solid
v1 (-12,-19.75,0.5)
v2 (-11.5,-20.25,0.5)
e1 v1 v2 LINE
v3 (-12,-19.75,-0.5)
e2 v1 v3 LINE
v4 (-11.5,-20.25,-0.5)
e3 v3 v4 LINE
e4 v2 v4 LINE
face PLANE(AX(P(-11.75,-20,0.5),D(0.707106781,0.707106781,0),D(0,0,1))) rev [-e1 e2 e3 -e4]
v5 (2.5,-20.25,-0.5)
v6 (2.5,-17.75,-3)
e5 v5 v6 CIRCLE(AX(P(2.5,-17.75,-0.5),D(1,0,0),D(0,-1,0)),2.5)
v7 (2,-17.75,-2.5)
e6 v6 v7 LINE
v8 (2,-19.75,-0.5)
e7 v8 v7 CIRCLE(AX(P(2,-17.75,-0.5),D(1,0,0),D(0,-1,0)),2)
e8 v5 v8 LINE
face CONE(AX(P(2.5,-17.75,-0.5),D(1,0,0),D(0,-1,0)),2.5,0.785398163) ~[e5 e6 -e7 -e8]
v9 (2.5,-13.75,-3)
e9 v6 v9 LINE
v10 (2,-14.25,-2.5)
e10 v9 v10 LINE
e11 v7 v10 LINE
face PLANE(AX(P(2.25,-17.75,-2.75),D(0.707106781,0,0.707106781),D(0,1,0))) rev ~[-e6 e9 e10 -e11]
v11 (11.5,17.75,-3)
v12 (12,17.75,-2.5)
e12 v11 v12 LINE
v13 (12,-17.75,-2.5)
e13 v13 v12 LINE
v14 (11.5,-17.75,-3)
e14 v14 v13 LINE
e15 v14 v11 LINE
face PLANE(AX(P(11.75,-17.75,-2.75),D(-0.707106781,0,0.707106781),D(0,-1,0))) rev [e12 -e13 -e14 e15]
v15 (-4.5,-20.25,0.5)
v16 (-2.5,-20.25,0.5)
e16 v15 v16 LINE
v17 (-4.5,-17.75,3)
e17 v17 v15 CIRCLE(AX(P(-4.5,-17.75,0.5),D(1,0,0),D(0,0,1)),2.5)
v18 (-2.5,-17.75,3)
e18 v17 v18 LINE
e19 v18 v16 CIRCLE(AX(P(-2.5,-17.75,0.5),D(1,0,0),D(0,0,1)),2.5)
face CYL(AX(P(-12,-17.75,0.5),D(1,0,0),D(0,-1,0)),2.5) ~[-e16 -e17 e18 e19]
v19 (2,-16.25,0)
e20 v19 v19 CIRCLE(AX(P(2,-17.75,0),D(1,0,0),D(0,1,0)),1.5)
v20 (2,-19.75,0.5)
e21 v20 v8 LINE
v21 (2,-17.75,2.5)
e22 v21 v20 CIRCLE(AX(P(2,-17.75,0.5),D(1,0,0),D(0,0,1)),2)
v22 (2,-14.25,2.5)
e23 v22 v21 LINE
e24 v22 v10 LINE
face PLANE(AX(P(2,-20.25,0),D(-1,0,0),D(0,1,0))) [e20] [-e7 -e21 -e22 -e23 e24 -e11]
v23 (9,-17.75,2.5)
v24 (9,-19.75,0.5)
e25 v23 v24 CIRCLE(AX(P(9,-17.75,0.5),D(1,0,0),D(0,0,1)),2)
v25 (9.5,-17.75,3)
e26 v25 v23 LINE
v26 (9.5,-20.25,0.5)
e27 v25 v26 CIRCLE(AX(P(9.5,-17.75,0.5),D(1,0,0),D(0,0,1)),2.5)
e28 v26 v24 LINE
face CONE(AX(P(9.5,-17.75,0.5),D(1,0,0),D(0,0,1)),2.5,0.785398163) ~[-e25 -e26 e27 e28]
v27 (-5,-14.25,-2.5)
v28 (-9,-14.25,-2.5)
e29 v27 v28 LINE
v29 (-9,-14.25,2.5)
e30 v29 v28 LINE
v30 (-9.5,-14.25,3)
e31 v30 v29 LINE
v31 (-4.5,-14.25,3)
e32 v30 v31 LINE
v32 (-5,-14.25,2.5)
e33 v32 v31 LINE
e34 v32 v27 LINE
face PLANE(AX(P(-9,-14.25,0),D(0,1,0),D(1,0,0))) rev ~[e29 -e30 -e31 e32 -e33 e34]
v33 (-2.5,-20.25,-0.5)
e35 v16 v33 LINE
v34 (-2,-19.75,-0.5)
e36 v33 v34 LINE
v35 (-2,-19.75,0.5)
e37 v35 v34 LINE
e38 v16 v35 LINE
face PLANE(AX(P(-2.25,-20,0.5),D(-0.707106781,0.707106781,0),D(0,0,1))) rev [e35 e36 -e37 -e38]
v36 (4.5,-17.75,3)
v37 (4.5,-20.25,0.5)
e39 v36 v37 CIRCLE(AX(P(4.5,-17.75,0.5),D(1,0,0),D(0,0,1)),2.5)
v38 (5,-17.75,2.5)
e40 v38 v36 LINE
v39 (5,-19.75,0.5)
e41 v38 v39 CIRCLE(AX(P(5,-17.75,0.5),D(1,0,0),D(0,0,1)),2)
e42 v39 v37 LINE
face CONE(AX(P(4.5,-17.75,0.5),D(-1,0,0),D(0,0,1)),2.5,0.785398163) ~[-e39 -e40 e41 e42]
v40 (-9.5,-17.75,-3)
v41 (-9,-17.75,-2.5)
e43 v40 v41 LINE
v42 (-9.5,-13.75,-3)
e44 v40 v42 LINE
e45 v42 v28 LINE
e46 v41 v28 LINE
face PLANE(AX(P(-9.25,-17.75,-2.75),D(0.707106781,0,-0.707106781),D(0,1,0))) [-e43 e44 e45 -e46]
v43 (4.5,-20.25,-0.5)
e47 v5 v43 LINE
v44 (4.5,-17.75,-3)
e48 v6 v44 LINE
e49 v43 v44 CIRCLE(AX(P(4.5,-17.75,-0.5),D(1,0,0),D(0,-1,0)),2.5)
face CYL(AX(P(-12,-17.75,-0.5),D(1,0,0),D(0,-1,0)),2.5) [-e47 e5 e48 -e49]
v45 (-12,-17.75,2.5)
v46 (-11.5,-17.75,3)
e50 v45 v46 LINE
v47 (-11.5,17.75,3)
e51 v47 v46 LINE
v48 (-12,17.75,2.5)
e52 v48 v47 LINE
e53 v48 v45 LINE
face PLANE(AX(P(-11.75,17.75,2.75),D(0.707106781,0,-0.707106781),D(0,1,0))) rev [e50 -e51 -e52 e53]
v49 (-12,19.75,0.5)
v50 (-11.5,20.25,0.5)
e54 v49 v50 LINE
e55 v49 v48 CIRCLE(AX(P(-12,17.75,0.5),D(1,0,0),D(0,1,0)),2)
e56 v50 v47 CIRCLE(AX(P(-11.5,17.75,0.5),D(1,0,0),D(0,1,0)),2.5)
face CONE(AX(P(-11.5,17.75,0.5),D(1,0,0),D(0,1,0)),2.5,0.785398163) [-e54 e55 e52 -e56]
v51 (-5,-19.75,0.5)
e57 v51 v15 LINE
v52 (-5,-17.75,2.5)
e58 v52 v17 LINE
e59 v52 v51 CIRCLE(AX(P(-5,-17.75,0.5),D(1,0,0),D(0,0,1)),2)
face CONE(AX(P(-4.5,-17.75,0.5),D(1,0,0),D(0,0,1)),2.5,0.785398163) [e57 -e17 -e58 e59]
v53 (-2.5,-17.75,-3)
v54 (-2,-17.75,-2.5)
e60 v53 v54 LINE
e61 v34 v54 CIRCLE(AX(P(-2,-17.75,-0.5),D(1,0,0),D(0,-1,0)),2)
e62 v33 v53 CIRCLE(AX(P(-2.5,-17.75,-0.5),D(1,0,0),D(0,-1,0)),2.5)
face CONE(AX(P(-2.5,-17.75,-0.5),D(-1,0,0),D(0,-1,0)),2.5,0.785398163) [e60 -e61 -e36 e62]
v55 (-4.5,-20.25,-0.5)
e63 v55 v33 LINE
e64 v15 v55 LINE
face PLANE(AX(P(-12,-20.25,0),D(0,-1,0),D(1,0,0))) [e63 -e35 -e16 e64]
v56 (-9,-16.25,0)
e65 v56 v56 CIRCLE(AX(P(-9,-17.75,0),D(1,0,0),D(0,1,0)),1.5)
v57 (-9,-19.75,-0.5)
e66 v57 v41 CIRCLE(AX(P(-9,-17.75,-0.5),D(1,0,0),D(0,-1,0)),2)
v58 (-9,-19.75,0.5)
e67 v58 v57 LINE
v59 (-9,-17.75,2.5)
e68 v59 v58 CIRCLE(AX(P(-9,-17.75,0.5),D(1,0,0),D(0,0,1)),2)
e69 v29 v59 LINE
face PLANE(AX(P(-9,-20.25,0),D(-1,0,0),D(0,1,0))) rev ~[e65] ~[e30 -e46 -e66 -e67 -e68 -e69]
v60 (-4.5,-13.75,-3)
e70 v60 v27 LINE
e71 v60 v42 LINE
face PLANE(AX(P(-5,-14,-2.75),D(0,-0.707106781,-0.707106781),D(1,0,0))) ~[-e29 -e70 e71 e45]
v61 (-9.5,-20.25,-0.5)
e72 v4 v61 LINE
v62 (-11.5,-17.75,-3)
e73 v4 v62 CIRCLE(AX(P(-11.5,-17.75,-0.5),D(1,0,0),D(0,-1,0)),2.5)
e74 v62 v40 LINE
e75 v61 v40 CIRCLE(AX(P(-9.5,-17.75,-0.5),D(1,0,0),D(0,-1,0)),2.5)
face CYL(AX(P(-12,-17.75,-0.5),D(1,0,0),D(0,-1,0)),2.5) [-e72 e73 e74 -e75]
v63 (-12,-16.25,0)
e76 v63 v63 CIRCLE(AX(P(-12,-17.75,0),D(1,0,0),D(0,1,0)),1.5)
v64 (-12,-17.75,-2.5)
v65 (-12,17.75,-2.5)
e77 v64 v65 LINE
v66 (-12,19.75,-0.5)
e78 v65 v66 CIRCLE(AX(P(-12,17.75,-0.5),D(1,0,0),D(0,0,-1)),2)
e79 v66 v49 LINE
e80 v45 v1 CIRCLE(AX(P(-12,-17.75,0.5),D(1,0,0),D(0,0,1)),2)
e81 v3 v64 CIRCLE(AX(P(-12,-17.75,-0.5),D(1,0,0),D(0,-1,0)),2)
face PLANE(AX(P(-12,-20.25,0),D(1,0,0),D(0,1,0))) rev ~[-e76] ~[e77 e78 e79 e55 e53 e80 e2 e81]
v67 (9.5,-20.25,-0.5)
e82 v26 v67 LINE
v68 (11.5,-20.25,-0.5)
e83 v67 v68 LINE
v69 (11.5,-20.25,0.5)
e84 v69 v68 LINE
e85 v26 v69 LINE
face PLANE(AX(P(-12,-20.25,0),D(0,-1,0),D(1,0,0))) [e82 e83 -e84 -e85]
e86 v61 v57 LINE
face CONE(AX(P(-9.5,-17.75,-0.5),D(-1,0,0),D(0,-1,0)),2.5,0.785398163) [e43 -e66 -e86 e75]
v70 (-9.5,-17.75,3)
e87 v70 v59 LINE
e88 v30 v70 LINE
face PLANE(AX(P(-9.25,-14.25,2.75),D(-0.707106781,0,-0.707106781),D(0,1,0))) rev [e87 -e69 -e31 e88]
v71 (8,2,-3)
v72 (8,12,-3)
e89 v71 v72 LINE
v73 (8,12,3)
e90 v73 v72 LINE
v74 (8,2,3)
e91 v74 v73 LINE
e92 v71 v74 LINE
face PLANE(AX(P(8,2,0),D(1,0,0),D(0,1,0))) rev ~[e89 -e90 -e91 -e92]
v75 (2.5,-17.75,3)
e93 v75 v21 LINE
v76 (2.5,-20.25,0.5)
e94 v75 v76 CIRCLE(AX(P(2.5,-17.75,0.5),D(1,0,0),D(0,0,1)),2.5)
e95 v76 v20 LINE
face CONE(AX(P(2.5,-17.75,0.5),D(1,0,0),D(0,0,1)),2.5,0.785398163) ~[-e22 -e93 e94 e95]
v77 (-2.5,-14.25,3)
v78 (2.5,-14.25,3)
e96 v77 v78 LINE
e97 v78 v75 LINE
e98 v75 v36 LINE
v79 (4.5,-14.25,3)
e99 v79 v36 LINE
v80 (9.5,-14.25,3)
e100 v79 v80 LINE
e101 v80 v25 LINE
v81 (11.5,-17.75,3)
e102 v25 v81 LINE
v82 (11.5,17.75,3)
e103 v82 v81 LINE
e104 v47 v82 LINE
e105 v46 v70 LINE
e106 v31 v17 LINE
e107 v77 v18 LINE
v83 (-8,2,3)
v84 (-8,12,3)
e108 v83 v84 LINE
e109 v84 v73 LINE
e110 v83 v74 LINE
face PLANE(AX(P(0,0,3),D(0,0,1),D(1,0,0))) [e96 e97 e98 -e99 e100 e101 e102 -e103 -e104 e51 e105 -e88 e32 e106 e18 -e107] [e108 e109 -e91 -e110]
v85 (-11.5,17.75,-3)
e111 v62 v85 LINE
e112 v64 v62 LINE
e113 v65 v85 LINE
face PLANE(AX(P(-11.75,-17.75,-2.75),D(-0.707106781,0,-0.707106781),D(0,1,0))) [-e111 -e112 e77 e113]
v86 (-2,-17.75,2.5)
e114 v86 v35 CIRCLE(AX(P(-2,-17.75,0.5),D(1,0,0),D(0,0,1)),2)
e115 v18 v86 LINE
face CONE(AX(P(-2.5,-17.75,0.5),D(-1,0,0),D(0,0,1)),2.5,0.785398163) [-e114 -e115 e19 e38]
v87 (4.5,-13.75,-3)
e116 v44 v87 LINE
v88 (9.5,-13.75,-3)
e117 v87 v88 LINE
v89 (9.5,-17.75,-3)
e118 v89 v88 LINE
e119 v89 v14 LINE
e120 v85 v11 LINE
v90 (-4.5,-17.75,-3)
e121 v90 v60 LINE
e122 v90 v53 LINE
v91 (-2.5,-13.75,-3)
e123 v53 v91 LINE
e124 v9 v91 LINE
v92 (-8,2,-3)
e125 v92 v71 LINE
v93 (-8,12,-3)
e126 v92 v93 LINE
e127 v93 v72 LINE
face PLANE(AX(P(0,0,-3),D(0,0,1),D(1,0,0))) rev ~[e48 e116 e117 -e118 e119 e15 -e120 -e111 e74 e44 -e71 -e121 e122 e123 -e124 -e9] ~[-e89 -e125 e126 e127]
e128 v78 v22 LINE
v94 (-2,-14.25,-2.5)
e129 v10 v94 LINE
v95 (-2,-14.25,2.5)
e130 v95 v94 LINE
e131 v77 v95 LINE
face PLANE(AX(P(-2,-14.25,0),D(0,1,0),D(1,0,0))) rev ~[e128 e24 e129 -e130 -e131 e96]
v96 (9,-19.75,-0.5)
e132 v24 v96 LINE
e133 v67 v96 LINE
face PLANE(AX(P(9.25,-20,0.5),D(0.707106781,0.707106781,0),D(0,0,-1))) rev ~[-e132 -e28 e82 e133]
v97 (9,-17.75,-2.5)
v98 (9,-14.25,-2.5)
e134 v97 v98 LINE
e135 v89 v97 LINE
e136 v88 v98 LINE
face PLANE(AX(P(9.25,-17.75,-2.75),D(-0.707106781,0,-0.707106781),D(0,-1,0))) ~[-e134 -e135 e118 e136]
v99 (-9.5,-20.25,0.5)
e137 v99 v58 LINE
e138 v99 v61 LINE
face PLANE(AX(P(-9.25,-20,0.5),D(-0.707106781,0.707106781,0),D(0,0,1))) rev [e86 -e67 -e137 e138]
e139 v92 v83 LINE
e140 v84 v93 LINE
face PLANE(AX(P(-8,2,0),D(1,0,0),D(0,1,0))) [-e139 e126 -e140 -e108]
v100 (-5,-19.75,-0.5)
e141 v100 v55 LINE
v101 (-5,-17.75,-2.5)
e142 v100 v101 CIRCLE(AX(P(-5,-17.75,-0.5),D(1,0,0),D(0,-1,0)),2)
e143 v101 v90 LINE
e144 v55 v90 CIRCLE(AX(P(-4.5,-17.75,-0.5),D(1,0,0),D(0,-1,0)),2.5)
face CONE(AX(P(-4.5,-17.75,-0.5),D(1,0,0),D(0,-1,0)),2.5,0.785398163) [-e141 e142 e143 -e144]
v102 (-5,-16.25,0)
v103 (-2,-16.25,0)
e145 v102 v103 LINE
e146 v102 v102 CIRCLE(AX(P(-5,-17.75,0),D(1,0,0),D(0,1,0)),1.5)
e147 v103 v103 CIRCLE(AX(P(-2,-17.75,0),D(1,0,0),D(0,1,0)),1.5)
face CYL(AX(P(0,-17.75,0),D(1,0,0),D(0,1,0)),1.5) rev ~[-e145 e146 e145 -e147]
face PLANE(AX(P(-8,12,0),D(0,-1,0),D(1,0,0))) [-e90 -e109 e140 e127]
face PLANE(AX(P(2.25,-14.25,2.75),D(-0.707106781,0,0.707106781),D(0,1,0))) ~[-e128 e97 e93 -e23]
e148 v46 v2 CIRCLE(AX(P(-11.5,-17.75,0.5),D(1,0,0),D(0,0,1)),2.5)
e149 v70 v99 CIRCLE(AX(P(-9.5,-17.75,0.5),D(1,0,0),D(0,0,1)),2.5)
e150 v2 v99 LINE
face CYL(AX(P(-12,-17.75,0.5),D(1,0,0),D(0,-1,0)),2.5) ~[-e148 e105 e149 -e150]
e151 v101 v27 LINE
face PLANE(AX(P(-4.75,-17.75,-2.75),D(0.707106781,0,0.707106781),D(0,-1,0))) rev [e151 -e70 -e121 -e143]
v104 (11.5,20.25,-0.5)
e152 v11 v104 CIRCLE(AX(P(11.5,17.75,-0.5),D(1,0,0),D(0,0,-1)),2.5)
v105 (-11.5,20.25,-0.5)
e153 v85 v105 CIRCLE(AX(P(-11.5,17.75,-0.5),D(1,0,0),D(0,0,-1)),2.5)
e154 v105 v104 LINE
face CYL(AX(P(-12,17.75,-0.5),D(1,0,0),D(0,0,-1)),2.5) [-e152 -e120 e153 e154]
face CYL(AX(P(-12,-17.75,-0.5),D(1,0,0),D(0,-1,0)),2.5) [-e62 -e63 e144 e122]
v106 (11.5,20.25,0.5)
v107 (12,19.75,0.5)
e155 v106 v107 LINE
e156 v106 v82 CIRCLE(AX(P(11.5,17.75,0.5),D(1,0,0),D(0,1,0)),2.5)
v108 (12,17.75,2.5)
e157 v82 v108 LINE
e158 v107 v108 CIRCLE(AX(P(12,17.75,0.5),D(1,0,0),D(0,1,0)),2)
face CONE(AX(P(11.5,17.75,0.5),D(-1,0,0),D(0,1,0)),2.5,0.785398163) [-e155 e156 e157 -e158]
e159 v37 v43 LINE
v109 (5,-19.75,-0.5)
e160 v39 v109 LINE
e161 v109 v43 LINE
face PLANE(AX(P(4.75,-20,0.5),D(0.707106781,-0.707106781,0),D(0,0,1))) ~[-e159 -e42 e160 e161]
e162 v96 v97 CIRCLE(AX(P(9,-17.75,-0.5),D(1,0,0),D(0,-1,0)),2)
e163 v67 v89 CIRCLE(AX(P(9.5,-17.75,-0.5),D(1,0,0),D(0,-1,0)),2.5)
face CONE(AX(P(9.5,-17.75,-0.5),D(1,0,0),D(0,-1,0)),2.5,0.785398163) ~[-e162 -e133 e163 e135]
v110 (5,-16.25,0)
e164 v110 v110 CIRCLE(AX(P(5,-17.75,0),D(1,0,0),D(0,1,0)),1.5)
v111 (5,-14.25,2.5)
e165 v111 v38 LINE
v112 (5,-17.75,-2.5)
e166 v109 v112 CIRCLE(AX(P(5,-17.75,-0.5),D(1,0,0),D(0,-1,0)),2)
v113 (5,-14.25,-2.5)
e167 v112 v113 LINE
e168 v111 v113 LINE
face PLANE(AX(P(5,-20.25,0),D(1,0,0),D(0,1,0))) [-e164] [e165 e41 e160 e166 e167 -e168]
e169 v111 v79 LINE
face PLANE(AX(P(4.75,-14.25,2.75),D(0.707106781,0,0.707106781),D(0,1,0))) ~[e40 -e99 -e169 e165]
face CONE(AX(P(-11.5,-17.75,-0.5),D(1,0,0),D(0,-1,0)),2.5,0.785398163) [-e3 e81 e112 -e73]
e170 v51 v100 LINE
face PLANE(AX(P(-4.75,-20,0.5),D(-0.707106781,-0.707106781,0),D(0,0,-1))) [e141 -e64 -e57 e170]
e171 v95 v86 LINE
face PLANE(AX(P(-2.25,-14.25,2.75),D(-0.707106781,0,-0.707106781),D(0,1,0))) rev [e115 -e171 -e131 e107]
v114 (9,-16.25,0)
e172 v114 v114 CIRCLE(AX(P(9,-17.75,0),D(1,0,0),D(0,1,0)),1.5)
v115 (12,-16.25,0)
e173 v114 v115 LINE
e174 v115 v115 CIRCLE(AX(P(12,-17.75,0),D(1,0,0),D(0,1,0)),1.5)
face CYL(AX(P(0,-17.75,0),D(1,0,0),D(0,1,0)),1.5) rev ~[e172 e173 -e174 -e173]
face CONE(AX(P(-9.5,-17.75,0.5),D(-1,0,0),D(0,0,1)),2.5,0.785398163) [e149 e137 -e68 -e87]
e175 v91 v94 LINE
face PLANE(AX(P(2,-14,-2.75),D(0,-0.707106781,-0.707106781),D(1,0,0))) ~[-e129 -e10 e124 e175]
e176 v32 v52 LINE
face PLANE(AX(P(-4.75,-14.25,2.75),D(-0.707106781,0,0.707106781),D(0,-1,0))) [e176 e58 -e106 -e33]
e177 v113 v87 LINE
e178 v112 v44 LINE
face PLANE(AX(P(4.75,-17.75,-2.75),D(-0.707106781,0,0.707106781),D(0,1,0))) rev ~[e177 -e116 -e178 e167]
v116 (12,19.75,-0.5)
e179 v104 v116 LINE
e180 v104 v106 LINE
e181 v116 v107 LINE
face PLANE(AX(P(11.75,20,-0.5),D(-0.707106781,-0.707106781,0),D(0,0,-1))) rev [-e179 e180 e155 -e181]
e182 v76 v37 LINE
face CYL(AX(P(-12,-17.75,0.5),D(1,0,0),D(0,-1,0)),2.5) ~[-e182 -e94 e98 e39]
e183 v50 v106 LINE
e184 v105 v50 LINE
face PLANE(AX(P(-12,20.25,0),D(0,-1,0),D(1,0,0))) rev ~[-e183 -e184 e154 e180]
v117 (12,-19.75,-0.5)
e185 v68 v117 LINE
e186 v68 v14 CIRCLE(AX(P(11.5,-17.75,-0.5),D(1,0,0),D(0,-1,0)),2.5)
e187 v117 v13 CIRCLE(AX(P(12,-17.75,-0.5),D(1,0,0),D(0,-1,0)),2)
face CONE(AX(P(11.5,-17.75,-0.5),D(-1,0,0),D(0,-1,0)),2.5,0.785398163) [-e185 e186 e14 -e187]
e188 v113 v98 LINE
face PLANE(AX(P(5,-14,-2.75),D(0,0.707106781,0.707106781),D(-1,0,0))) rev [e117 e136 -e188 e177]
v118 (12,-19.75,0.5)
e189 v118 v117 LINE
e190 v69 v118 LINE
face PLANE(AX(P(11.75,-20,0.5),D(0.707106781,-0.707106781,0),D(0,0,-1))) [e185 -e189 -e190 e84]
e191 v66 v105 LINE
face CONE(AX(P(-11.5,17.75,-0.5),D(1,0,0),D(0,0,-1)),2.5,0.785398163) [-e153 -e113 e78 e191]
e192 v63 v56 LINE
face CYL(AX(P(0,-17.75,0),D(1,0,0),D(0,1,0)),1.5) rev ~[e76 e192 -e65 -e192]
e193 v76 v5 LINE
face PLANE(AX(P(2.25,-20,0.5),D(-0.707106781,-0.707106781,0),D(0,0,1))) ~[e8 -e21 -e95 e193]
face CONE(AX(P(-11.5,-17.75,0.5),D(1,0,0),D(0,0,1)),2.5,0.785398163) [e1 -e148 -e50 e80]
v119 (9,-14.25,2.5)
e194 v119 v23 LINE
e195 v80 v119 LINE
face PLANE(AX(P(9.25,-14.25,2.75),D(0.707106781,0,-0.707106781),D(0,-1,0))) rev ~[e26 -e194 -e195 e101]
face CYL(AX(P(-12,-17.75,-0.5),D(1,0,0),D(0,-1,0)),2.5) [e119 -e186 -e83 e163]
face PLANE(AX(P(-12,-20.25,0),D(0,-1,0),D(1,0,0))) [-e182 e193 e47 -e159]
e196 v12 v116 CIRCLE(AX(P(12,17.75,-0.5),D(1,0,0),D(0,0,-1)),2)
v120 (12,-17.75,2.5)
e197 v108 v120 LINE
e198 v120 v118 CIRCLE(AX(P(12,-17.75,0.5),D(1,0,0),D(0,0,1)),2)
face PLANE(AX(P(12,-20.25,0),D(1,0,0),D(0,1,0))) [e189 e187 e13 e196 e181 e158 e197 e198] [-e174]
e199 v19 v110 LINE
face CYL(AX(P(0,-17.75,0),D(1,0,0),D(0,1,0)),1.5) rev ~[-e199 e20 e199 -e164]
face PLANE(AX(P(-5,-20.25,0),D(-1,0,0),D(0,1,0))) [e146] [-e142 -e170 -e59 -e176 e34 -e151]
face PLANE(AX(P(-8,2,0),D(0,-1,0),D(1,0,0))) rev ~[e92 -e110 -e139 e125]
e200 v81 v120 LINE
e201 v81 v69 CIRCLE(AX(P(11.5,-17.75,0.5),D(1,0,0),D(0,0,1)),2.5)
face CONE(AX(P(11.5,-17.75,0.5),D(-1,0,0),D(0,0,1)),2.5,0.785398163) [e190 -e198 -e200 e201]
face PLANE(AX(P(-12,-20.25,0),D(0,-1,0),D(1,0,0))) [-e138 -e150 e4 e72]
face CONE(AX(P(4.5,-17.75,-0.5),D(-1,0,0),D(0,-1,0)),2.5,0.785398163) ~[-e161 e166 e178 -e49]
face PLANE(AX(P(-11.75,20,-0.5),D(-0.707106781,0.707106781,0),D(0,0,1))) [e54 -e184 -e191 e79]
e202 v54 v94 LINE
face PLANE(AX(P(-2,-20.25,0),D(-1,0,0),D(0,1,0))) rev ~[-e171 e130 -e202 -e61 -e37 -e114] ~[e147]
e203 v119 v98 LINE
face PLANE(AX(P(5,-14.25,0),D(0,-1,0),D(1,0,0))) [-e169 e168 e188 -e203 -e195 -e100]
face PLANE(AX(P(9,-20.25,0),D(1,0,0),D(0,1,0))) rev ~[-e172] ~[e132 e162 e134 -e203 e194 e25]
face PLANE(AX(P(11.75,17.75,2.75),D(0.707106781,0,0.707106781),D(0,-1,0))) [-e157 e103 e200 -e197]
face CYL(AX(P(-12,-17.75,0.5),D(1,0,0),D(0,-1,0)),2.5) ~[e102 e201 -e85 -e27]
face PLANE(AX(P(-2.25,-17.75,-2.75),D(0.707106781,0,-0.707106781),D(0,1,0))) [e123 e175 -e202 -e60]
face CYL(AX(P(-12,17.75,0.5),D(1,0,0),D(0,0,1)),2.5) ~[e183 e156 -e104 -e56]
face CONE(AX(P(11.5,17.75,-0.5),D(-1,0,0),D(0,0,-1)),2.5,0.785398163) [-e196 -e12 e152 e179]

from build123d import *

# Parameters (mm, degrees)
F0_W     = 24
F0_H     = 40.5
F1_DEPTH = 3
F2_R     = 1.5
F3_DEPTH = 25
F4_R     = 2.5
F5_W     = 4
F5_H     = 6
F6_DEPTH = 12.5
F7_W     = 16
F7_H     = 10
F8_DEPTH = 12.5
F9_SIZE  = 0.5


with BuildPart() as f1:
    # F0 (on Top) → F1 (new body, symmetric)
    with BuildSketch(Plane.XY):
        Rectangle(F0_W, F0_H)
    extrude(amount=F1_DEPTH, both=True)

    # F2 (on Right) → F3 (cut, symmetric)
    with BuildSketch(Plane.YZ):
        with Locations((-17.75, 0)):
            Circle(F2_R)
    extrude(amount=F3_DEPTH, both=True, mode=Mode.SUBTRACT)

    # F4
    f4_edges = [f1.edges().sort_by_distance(p)[0] for p in [
        (0, -20.25, 3),
        (0, -20.25, -3),
        (0, 20.25, 3),
        (0, 20.25, -3),
    ]]
    fillet(f4_edges, radius=F4_R)

    # F5 (on Top) → F6 (cut, symmetric)
    with BuildSketch(Plane.XY):
        with Locations((0, -17.25)):
            Rectangle(F5_W, F5_H)
        with Locations((-7, -17.25)):
            Rectangle(F5_W, F5_H)
        with Locations((7, -17.25)):
            Rectangle(F5_W, F5_H)
    extrude(amount=F6_DEPTH, both=True, mode=Mode.SUBTRACT)

    # F7 (on Top) → F8 (cut, symmetric)
    with BuildSketch(Plane.XY):
        with Locations((0, 7)):
            Rectangle(F7_W, F7_H)
    extrude(amount=F8_DEPTH, both=True, mode=Mode.SUBTRACT)

    # F9
    f9_edges = [f1.edges().sort_by_distance(p)[0] for p in [
        (12, 0, -3),
        (9, -19.517767, -2.267767),
        (5, -19.517767, -2.267767),
        (2, -19.517767, -2.267767),
        (-2, -19.517767, -2.267767),
        (-7, -14.25, -3),
        (-5, -19.517767, -2.267767),
        (-9, -19.517767, -2.267767),
        (-12, -19.517767, -2.267767),
        (0, -14.25, -3),
        (7, -14.25, -3),
    ]]
    chamfer(f9_edges, length=F9_SIZE)


solid = f1.part
